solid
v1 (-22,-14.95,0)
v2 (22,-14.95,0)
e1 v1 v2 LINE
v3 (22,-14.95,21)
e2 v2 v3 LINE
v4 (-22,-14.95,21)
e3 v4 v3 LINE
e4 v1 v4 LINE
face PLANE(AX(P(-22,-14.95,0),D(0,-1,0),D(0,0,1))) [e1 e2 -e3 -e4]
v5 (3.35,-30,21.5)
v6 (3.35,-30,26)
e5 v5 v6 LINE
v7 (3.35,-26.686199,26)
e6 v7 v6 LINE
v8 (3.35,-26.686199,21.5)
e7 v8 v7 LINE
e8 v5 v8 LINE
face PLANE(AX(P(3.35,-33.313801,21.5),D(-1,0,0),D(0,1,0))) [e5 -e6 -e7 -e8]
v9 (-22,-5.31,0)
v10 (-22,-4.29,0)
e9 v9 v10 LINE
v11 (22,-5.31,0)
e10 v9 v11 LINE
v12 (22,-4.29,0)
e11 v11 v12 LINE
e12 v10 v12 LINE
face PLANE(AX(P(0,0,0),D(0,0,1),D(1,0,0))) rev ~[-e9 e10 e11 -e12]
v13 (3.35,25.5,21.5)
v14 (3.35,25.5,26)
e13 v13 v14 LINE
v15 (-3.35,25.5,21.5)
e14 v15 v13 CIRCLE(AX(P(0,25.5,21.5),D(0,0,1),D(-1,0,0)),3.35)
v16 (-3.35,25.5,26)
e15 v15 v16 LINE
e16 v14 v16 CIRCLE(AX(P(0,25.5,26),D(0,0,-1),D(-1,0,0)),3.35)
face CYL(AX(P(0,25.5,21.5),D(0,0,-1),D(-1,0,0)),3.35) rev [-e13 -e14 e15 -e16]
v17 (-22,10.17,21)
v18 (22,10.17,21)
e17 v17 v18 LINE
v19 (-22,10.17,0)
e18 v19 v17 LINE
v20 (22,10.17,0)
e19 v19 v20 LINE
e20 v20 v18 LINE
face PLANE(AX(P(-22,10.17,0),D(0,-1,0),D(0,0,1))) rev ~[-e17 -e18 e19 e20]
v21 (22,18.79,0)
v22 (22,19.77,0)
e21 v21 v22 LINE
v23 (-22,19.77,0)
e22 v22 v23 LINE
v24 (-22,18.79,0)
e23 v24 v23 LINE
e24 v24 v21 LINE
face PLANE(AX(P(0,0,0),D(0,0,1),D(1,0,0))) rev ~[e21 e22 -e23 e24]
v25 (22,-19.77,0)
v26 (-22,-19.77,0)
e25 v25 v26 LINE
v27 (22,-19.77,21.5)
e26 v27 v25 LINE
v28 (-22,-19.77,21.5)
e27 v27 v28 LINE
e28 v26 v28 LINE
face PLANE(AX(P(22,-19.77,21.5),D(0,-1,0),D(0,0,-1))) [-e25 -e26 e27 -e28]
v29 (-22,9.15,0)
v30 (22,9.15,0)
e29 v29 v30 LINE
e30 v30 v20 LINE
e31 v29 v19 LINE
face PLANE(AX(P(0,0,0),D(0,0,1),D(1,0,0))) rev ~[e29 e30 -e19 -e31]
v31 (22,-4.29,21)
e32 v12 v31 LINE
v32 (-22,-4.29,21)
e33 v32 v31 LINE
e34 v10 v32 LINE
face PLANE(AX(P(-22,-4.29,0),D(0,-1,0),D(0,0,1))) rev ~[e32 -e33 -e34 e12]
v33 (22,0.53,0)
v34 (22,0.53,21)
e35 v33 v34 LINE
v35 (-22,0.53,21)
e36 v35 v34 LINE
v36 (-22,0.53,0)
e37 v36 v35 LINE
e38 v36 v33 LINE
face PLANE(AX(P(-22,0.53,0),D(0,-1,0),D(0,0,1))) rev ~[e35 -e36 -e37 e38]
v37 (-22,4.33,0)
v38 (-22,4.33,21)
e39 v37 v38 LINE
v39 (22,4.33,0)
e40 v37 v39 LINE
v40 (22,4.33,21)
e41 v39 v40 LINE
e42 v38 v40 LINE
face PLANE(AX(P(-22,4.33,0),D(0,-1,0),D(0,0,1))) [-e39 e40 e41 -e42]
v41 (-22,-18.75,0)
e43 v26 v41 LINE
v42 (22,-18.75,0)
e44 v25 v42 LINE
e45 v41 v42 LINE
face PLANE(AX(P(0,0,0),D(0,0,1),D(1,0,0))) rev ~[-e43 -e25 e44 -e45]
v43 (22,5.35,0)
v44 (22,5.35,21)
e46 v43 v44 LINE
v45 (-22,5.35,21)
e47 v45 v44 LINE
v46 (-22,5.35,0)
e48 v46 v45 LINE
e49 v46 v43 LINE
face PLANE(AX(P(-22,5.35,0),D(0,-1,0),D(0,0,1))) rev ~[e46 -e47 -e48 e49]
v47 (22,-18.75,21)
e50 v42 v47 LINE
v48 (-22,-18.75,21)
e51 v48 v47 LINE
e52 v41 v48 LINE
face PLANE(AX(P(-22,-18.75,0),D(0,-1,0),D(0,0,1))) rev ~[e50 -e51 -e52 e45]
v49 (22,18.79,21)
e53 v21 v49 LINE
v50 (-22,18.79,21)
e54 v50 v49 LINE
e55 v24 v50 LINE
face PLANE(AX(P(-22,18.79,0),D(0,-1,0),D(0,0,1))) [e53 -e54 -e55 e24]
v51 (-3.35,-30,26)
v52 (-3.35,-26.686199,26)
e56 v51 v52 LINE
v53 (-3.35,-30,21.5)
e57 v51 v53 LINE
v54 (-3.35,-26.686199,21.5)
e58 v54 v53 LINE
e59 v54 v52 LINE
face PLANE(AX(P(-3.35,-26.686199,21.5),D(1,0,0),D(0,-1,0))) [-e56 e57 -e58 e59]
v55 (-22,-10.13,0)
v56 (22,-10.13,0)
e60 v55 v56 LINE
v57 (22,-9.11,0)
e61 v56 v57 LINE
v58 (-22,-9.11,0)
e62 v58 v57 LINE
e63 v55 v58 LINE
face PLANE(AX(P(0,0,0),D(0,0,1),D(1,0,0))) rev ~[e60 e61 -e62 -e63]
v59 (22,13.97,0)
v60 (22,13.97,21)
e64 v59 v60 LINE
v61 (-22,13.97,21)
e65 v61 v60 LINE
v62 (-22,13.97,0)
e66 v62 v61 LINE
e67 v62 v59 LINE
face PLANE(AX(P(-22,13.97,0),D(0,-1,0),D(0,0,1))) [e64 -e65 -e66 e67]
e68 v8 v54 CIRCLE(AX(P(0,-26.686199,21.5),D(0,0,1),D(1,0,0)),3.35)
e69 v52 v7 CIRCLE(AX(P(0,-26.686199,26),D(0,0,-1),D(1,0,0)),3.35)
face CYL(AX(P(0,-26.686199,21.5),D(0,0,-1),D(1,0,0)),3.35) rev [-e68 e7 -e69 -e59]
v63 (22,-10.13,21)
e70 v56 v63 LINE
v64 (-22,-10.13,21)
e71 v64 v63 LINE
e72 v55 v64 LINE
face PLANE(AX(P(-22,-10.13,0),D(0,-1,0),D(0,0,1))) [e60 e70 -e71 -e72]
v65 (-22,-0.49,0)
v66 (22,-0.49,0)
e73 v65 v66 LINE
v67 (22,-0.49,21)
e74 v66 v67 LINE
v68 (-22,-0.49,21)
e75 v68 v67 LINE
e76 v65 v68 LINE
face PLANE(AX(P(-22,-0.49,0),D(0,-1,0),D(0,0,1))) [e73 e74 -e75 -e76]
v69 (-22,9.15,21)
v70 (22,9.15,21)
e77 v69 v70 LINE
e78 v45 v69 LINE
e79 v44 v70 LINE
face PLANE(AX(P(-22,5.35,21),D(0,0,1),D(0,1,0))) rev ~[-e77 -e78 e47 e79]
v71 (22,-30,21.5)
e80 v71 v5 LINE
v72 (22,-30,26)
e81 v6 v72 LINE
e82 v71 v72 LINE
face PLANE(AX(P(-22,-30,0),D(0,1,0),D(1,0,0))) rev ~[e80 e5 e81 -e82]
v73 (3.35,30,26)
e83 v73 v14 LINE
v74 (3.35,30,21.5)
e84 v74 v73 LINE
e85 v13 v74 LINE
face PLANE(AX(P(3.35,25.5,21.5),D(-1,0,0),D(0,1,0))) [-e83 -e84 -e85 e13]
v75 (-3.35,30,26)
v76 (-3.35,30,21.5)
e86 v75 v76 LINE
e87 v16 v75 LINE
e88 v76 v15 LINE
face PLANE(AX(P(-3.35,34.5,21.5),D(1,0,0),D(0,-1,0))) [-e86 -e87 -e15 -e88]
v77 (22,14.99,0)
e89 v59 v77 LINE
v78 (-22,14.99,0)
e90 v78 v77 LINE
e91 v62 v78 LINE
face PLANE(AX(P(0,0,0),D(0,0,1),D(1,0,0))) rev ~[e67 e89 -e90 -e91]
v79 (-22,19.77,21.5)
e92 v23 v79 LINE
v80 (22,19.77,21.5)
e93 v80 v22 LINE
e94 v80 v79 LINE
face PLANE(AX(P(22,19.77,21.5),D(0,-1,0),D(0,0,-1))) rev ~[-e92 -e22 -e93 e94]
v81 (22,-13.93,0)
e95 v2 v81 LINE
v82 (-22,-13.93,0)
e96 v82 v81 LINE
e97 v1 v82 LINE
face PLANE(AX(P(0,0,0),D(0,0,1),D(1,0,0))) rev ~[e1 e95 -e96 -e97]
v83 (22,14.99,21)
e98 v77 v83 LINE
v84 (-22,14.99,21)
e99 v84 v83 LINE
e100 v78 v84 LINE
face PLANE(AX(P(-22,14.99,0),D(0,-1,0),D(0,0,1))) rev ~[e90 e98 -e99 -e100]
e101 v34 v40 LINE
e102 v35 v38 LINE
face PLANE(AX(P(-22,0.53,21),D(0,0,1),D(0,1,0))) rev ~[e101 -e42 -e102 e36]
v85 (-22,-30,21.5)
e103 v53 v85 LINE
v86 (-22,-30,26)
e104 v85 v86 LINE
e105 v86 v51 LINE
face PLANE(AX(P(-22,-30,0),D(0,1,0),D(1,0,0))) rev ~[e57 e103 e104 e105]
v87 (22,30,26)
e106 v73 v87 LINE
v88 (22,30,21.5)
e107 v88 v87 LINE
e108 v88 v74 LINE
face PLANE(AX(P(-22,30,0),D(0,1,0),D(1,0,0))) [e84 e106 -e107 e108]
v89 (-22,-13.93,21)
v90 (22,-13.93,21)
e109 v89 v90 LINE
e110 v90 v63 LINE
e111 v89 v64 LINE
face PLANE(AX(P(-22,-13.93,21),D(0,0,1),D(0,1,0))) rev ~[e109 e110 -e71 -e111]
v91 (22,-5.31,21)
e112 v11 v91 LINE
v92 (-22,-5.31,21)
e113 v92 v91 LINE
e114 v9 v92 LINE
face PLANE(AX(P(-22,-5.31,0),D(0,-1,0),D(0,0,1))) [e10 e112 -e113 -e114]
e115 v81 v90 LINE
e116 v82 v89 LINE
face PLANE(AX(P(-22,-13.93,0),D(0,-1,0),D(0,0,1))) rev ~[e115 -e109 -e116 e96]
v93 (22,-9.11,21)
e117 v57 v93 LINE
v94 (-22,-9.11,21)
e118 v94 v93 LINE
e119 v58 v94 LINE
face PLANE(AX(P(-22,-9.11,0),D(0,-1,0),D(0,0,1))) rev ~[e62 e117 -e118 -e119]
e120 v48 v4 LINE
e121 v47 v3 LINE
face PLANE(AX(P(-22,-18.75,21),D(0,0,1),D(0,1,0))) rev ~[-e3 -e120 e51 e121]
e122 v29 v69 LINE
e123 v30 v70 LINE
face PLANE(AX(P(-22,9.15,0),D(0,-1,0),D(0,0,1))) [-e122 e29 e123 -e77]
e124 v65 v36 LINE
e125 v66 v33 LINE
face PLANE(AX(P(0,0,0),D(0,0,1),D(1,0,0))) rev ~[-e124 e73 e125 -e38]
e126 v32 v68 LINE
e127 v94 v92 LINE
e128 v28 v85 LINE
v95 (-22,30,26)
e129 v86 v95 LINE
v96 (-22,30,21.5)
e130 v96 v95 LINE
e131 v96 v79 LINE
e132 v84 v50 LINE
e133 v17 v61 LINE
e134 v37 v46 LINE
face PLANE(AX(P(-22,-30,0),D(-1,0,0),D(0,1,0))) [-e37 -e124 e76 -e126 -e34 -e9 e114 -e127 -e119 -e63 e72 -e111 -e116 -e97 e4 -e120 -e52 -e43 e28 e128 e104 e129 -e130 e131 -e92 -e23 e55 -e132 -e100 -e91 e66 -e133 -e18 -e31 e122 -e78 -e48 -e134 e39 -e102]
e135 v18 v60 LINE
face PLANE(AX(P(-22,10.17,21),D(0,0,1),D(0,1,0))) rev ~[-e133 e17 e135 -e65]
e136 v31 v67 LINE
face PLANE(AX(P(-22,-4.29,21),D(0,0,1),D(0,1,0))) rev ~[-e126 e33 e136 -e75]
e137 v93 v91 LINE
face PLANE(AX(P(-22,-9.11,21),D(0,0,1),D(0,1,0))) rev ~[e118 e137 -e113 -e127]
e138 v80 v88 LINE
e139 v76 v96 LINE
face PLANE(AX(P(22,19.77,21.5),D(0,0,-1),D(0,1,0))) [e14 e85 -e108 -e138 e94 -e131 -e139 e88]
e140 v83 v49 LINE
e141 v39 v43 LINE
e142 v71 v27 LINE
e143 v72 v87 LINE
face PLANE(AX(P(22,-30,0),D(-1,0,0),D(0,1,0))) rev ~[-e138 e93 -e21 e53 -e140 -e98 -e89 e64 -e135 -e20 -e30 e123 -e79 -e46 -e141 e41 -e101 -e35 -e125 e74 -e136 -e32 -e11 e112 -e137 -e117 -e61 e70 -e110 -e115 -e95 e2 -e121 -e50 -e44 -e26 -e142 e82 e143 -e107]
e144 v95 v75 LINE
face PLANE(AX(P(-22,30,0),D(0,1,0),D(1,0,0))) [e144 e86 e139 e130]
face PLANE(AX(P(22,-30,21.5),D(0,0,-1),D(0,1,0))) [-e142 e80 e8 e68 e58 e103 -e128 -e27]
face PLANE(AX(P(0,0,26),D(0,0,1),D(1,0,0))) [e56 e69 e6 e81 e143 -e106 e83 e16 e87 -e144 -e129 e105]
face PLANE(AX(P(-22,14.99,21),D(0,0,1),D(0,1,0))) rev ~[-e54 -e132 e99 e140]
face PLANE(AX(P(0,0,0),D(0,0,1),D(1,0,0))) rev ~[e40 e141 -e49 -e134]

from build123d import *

# Parameters (mm, degrees)
SCHIZZO1_W                   = 44
SCHIZZO1_H                   = 60
ESTRUSIONE_ESTRUSIONE1_DEPTH = 26
SCHIZZO2_W                   = 21
SCHIZZO2_H                   = 3.8
TAGLIO_ESTRUSIONE1_DEPTH     = 45
RIPETIZIONE_A_L1_COUNT       = 8
RIPETIZIONE_A_L1_PITCH       = 4.82
SCHIZZO3_W                   = 21.5
SCHIZZO3_H                   = 10.23
TAGLIO_ESTRUSIONE2_DEPTH     = 45
TAGLIO_ESTRUSIONE4_DEPTH     = 5.5


with BuildPart() as part:
    # Schizzo1 → Estrusione-Estrusione1 (new body)
    with BuildSketch(Plane.XY):
        Rectangle(SCHIZZO1_W, SCHIZZO1_H)
    extrude(amount=ESTRUSIONE_ESTRUSIONE1_DEPTH)

    # Schizzo2 → Taglio-Estrusione1 (cut, through all)
    with BuildSketch(Plane.ZY.offset(22)):
        with Locations((10.5, -16.85)):
            Rectangle(SCHIZZO2_W, SCHIZZO2_H)
    taglio_estrusione1 = extrude(amount=-TAGLIO_ESTRUSIONE1_DEPTH, mode=Mode.SUBTRACT)

    # Ripetizione a L1: Taglio-Estrusione1 ×8
    with Locations(*[(0, i * RIPETIZIONE_A_L1_PITCH, 0) for i in range(1, RIPETIZIONE_A_L1_COUNT)]):
        add(taglio_estrusione1, mode=Mode.SUBTRACT)

    # Schizzo3 → Taglio-Estrusione2 (cut, through all)
    with BuildSketch(Plane(origin=(22, 0, 0), x_dir=(0, 0, -1), z_dir=(1, 0, 0))):
        with Locations((-10.75, -24.885)):
            Rectangle(SCHIZZO3_W, SCHIZZO3_H)
        with Locations((-10.75, 24.885)):
            Rectangle(SCHIZZO3_W, SCHIZZO3_H)
    extrude(amount=-TAGLIO_ESTRUSIONE2_DEPTH, mode=Mode.SUBTRACT)

    # Schizzo5 → Taglio-Estrusione4 (cut, through all)
    with BuildSketch(Plane(origin=(0, 0, 21.5), x_dir=(-1, 0, 0), z_dir=(0, 0, -1))):
        with BuildLine():
            Line((3.35, 34.5), (3.35, 25.5))
            ThreePointArc((3.35, 25.5), (0, 22.15), (-3.35, 25.5))
            Line((-3.35, 25.5), (-3.35, 34.5))
            ThreePointArc((-3.35, 34.5), (0, 37.85), (3.35, 34.5))
        make_face()
        with BuildLine():
            Line((-3.35, -33.313801036), (-3.35, -26.686198964))
            ThreePointArc((-3.35, -26.686198964), (0, -23.336198964), (3.35, -26.686198964))
            Line((3.35, -26.686198964), (3.35, -33.313801036))
            ThreePointArc((3.35, -33.313801036), (0, -36.663801036), (-3.35, -33.313801036))
        make_face()
    extrude(amount=-TAGLIO_ESTRUSIONE4_DEPTH, mode=Mode.SUBTRACT)


solid = part.part
